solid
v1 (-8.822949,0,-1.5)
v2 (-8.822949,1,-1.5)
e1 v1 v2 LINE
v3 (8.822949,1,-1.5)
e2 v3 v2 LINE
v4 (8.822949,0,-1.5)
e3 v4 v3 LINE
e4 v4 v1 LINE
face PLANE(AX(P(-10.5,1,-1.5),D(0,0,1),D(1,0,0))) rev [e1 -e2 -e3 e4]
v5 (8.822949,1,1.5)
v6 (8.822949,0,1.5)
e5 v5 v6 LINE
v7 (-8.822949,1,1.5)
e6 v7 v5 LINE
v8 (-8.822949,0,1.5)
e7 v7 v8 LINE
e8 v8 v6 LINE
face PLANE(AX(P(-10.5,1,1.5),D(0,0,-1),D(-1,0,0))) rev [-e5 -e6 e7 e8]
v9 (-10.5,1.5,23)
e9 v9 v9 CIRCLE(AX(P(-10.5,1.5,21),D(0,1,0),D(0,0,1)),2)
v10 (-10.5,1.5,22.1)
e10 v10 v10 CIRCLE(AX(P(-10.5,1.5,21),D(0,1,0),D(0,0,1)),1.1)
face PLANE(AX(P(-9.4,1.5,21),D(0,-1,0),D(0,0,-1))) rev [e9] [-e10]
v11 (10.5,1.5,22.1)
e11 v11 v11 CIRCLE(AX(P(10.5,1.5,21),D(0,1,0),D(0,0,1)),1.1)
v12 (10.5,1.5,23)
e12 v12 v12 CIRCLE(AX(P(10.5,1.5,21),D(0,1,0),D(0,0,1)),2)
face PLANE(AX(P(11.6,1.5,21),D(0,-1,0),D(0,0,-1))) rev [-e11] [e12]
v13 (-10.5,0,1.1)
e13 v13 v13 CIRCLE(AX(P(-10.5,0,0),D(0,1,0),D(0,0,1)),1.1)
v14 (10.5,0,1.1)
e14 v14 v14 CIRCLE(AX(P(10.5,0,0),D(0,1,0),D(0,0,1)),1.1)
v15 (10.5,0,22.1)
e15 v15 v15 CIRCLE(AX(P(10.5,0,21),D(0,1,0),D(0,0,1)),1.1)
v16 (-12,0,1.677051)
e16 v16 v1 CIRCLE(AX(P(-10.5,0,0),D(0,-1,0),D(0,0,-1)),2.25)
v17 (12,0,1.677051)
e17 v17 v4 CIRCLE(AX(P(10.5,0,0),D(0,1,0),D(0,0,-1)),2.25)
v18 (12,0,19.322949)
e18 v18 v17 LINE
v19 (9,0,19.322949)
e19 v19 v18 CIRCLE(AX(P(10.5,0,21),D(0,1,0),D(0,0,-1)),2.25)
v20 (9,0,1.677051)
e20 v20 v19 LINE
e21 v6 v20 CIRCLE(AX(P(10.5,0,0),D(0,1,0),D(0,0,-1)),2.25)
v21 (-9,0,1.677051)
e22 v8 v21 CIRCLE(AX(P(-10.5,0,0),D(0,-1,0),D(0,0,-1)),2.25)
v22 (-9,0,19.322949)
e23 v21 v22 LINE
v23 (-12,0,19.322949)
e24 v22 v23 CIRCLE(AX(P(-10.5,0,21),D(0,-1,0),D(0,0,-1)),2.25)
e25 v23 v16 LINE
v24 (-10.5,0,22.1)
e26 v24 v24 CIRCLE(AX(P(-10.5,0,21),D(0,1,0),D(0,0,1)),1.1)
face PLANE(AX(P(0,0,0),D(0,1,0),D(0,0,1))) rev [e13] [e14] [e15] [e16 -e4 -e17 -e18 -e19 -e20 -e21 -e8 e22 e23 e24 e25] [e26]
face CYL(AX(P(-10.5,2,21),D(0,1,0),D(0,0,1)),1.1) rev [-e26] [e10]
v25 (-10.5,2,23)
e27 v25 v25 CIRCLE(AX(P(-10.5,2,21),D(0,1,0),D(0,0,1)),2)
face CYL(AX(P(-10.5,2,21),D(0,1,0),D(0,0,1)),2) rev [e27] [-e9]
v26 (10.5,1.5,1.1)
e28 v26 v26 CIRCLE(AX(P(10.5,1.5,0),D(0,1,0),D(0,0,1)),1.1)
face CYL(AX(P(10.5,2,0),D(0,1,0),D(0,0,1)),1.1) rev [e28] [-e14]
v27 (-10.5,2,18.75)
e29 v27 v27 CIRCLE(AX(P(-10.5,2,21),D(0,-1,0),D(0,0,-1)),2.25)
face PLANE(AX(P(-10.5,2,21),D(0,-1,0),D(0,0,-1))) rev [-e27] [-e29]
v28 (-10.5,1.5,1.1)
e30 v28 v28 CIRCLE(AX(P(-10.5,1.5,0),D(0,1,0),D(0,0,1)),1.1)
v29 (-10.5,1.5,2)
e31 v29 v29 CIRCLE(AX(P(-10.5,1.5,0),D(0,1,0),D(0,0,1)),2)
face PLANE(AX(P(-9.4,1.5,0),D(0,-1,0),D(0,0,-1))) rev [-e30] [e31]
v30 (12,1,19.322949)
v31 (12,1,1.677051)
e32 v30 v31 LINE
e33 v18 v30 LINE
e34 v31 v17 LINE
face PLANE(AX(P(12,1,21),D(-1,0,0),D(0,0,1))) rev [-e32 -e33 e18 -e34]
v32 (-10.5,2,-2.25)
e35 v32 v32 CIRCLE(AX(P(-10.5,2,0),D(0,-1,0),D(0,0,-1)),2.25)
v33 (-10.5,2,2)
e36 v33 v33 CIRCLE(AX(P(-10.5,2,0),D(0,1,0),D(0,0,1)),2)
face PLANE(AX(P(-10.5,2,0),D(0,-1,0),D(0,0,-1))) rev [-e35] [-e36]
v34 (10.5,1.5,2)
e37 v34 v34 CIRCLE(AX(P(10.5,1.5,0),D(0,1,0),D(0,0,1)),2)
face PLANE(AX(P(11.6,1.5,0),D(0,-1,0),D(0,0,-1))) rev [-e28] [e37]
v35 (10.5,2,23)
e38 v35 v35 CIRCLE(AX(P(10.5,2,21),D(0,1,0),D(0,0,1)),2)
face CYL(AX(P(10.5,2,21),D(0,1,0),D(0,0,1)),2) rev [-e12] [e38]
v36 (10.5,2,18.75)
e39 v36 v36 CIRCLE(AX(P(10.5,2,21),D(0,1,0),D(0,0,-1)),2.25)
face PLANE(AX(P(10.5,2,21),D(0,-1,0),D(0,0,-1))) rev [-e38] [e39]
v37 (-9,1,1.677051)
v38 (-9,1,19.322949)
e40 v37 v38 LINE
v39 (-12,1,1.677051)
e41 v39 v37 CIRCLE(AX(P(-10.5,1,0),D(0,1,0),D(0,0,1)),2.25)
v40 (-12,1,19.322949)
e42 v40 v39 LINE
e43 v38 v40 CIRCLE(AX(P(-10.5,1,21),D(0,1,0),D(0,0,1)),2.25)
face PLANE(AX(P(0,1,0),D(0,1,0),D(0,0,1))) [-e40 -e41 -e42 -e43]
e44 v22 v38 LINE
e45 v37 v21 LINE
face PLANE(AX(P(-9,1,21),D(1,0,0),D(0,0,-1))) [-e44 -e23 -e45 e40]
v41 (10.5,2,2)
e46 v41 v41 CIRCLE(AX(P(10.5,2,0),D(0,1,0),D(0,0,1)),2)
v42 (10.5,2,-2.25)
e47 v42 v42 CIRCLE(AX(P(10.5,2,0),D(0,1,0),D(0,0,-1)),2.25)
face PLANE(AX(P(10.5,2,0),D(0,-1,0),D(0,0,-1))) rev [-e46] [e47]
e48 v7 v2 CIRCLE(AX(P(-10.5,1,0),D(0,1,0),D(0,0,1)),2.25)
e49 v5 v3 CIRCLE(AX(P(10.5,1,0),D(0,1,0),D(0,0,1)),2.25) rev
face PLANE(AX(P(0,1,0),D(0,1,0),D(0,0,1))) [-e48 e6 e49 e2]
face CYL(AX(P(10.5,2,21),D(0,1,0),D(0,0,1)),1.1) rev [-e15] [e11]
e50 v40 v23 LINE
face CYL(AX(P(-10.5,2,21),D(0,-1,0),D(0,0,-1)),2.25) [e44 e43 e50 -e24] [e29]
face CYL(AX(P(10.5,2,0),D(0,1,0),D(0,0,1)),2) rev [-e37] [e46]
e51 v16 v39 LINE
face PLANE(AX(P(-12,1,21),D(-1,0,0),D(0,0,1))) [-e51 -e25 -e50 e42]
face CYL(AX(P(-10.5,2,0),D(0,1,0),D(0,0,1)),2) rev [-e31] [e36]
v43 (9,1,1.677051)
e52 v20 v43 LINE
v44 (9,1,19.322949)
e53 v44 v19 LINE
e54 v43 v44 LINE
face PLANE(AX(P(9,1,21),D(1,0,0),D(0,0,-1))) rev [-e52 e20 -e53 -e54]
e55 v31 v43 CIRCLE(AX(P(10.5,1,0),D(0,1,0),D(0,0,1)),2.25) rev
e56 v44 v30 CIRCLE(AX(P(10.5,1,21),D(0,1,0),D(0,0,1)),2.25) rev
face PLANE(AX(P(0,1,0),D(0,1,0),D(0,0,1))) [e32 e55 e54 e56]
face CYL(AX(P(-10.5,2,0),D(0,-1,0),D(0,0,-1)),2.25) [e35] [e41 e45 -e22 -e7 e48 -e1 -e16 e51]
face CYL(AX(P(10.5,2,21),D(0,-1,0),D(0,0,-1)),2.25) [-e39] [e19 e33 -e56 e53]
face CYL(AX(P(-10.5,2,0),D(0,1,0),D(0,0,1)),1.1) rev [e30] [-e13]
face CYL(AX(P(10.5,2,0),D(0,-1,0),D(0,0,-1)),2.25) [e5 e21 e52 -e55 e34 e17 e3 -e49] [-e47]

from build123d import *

# Parameters (mm, degrees)
SKETCH_1_W                   = 21
SKETCH_1_H                   = 3
EXTRUDE_1_DEPTH              = 1
SKETCH_3_W                   = 3
SKETCH_3_H                   = 21
EXTRUDE_3_DEPTH              = 1
SKETCH_2_R                   = 2.25
EXTRUDE_4_DEPTH              = 2
HOLE_WIZARD_M2_2_D           = 2.2
HOLE_WIZARD_M2_2_CBORE_D     = 4
HOLE_WIZARD_M2_2_CBORE_DEPTH = 0.5


with BuildPart() as part:
    # ｽｹｯﾁ1 → ﾎﾞｽ - 押し出し1 (new body)
    with BuildSketch(Plane(origin=(0, 0, 0), x_dir=(1, 0, 0), z_dir=(0, 1, 0))):
        Rectangle(SKETCH_1_W, SKETCH_1_H)
    extrude(amount=EXTRUDE_1_DEPTH)

    # ｽｹｯﾁ3 → ﾎﾞｽ - 押し出し3 (add)
    with BuildSketch(Plane.XZ):
        with Locations((-10.5, 10.5)):
            Rectangle(SKETCH_3_W, SKETCH_3_H)
    extrude_3 = extrude(amount=-EXTRUDE_3_DEPTH)

    # ｽｹｯﾁ2 → ﾎﾞｽ - 押し出し4 (add)
    with BuildSketch(Plane.XZ):
        with Locations(Location((-10.5, 0, 0), (0, 0, 270))):
            Circle(SKETCH_2_R)
        with Locations(Location((-10.5, 21, 0), (0, 0, 270))):
            Circle(SKETCH_2_R)
    extrude_4 = extrude(amount=-EXTRUDE_4_DEPTH)

    # M2 なべ頭ねじ用座ぐり穴2 (through all)
    with Locations(Plane(origin=(0, 2, 0), x_dir=(1, 0, 0), z_dir=(0, 1, 0))):
        with Locations((-10.5, 0), (-10.5, -21)):
            hole_wizard_m2_2 = CounterBoreHole(HOLE_WIZARD_M2_2_D / 2, HOLE_WIZARD_M2_2_CBORE_D / 2, HOLE_WIZARD_M2_2_CBORE_DEPTH)

    # ﾐﾗｰ2: ﾎﾞｽ - 押し出し3, ﾎﾞｽ - 押し出し4, M2 なべ頭ねじ用座ぐり穴2 across plane
    add(extrude_3.mirror(Plane(origin=(0, 0, 0), x_dir=(0, 0, 1), z_dir=(1, 0, 0))))
    add(extrude_4.mirror(Plane(origin=(0, 0, 0), x_dir=(0, 0, 1), z_dir=(1, 0, 0))))
    add(hole_wizard_m2_2.mirror(Plane(origin=(0, 0, 0), x_dir=(0, 0, 1), z_dir=(1, 0, 0))), mode=Mode.SUBTRACT)


solid = part.part
